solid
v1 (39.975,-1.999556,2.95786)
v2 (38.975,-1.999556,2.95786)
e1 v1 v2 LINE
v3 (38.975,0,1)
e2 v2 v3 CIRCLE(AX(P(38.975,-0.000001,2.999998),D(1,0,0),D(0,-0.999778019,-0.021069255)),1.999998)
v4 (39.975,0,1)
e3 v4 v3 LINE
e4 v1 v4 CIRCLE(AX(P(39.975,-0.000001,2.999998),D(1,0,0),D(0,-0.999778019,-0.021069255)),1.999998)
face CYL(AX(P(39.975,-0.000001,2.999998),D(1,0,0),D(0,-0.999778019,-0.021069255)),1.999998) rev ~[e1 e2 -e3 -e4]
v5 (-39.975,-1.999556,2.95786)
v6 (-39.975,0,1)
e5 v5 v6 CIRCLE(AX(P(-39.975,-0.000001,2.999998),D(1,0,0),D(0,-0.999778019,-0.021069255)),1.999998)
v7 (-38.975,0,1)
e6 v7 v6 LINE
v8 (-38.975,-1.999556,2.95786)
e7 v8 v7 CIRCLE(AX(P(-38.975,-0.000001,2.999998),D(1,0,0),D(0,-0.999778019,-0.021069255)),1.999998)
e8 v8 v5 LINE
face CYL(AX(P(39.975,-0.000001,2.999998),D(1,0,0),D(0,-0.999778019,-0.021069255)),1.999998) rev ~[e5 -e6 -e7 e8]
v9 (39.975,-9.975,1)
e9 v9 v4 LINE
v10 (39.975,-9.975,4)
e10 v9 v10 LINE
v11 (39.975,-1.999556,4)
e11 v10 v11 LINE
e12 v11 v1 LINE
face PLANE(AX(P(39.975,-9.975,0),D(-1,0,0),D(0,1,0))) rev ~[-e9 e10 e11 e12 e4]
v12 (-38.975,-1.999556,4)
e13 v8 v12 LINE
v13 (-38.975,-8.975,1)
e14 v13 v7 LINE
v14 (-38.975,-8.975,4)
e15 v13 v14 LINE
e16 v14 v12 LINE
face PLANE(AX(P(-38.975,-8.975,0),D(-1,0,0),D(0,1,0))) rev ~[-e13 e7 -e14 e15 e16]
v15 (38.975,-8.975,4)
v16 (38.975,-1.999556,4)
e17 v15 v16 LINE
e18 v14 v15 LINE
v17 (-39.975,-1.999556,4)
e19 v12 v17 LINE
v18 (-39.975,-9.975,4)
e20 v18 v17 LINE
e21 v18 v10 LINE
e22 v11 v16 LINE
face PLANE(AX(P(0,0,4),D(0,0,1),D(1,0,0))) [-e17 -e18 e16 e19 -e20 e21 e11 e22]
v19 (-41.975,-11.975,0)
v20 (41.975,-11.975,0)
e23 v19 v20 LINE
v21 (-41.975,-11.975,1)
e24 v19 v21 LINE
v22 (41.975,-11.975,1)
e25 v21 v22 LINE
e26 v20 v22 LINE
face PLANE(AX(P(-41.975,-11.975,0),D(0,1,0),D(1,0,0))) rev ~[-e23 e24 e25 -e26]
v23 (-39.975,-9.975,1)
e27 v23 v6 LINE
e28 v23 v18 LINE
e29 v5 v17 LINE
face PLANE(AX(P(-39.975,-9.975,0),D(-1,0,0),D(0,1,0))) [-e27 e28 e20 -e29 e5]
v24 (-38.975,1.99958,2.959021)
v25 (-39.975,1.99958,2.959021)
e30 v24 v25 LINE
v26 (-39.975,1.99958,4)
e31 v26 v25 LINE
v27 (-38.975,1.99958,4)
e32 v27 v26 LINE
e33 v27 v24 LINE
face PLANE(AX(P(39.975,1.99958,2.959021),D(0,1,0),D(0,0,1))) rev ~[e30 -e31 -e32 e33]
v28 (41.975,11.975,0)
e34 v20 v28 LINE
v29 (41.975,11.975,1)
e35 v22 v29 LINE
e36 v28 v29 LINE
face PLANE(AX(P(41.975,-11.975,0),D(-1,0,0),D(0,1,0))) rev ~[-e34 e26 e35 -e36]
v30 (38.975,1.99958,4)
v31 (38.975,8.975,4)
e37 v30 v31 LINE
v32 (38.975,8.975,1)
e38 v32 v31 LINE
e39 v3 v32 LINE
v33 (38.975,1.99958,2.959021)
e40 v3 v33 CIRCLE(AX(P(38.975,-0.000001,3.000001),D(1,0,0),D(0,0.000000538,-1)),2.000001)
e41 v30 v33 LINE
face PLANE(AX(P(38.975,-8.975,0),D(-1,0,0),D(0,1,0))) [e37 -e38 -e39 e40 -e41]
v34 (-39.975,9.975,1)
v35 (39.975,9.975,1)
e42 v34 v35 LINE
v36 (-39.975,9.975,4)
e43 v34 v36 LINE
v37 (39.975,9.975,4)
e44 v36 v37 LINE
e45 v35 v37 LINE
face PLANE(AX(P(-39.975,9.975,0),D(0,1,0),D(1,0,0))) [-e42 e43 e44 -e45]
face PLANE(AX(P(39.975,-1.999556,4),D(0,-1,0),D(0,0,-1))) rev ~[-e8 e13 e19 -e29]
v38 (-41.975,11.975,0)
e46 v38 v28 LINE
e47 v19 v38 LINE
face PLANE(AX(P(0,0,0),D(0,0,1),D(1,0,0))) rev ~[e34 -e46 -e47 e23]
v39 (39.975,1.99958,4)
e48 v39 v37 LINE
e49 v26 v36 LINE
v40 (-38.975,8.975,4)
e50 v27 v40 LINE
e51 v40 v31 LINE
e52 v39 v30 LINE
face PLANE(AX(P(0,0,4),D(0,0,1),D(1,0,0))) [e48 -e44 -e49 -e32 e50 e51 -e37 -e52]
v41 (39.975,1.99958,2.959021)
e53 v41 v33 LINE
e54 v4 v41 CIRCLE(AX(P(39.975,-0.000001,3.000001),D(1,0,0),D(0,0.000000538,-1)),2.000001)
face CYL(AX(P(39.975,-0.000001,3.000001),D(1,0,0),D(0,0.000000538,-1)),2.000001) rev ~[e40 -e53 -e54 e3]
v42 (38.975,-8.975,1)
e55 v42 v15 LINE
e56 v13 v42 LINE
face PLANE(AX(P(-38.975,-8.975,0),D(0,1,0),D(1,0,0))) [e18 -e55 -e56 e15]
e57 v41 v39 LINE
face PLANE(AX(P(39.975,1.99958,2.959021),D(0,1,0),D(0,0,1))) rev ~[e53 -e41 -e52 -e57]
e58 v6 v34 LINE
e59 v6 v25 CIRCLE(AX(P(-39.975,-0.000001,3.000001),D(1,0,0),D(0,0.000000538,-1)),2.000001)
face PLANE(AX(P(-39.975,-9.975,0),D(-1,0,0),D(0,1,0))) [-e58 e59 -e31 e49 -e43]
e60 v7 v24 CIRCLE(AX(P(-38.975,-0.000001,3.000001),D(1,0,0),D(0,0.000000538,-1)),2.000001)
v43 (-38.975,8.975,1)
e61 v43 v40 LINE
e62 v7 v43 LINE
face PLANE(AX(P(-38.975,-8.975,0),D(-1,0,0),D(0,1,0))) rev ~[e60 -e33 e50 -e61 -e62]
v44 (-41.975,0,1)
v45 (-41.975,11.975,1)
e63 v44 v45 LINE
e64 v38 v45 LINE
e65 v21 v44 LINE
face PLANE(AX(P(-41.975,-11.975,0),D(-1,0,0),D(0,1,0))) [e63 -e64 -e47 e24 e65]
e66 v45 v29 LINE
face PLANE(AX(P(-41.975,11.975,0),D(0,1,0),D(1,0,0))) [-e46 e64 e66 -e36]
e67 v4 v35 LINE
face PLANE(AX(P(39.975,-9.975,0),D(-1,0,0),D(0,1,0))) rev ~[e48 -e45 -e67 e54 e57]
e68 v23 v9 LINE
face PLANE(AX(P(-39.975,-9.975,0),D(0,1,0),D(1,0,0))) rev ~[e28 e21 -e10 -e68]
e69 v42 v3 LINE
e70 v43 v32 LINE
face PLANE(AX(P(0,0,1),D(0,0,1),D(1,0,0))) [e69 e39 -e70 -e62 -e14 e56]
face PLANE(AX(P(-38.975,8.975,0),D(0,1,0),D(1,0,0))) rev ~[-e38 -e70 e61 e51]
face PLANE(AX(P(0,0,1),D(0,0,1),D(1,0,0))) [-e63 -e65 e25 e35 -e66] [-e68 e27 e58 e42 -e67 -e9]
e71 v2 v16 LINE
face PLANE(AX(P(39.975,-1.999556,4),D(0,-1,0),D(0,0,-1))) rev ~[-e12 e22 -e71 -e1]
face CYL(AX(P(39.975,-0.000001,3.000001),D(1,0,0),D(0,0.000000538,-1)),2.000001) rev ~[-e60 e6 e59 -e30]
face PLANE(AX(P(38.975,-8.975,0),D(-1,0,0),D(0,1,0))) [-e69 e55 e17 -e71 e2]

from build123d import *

# Parameters (mm, degrees)
F0_W     = 79.95
F0_H     = 19.95
F0_W_2   = 77.95
F0_H_2   = 17.95
F1_DEPTH = 4
F0_W_3   = 83.95
F0_H_3   = 23.95
F2_DEPTH = 1
F4_DEPTH = 100


with BuildPart() as f1:
    # F0 (on Top) → F1 (new body)
    with BuildSketch(Plane.XY):
        Rectangle(F0_W, F0_H)
        Rectangle(F0_W_2, F0_H_2, mode=Mode.SUBTRACT)
    extrude(amount=F1_DEPTH)

    # F0 (on Top) → F2 (join)
    with BuildSketch(Plane.XY):
        Rectangle(F0_W_3, F0_H_3)
        Rectangle(F0_W, F0_H, mode=Mode.SUBTRACT)
        Rectangle(F0_W_2, F0_H_2)
    extrude(amount=F2_DEPTH)

    # F3 (on face) → F4 (cut)
    with BuildSketch(Plane.YZ.offset(39.975)):
        with BuildLine():
            Line((-1.999556, 4), (-1.999556, 3.04214))
            Line((-1.999556, 3.04214), (-1.999556, 2.95786))
            ThreePointArc((-1.999556, 2.95786), (-1.399236, 1.570965), (0, 1))
            ThreePointArc((0, 1), (1.39965, 1.571372), (1.99958, 2.959021))
            Line((1.99958, 2.959021), (1.99958, 3.040979))
            Line((1.99958, 3.040979), (1.99958, 4))
            Line((1.99958, 4), (-1.999556, 4))
        make_face()
    extrude(amount=-F4_DEPTH, mode=Mode.SUBTRACT)


solid = f1.part
